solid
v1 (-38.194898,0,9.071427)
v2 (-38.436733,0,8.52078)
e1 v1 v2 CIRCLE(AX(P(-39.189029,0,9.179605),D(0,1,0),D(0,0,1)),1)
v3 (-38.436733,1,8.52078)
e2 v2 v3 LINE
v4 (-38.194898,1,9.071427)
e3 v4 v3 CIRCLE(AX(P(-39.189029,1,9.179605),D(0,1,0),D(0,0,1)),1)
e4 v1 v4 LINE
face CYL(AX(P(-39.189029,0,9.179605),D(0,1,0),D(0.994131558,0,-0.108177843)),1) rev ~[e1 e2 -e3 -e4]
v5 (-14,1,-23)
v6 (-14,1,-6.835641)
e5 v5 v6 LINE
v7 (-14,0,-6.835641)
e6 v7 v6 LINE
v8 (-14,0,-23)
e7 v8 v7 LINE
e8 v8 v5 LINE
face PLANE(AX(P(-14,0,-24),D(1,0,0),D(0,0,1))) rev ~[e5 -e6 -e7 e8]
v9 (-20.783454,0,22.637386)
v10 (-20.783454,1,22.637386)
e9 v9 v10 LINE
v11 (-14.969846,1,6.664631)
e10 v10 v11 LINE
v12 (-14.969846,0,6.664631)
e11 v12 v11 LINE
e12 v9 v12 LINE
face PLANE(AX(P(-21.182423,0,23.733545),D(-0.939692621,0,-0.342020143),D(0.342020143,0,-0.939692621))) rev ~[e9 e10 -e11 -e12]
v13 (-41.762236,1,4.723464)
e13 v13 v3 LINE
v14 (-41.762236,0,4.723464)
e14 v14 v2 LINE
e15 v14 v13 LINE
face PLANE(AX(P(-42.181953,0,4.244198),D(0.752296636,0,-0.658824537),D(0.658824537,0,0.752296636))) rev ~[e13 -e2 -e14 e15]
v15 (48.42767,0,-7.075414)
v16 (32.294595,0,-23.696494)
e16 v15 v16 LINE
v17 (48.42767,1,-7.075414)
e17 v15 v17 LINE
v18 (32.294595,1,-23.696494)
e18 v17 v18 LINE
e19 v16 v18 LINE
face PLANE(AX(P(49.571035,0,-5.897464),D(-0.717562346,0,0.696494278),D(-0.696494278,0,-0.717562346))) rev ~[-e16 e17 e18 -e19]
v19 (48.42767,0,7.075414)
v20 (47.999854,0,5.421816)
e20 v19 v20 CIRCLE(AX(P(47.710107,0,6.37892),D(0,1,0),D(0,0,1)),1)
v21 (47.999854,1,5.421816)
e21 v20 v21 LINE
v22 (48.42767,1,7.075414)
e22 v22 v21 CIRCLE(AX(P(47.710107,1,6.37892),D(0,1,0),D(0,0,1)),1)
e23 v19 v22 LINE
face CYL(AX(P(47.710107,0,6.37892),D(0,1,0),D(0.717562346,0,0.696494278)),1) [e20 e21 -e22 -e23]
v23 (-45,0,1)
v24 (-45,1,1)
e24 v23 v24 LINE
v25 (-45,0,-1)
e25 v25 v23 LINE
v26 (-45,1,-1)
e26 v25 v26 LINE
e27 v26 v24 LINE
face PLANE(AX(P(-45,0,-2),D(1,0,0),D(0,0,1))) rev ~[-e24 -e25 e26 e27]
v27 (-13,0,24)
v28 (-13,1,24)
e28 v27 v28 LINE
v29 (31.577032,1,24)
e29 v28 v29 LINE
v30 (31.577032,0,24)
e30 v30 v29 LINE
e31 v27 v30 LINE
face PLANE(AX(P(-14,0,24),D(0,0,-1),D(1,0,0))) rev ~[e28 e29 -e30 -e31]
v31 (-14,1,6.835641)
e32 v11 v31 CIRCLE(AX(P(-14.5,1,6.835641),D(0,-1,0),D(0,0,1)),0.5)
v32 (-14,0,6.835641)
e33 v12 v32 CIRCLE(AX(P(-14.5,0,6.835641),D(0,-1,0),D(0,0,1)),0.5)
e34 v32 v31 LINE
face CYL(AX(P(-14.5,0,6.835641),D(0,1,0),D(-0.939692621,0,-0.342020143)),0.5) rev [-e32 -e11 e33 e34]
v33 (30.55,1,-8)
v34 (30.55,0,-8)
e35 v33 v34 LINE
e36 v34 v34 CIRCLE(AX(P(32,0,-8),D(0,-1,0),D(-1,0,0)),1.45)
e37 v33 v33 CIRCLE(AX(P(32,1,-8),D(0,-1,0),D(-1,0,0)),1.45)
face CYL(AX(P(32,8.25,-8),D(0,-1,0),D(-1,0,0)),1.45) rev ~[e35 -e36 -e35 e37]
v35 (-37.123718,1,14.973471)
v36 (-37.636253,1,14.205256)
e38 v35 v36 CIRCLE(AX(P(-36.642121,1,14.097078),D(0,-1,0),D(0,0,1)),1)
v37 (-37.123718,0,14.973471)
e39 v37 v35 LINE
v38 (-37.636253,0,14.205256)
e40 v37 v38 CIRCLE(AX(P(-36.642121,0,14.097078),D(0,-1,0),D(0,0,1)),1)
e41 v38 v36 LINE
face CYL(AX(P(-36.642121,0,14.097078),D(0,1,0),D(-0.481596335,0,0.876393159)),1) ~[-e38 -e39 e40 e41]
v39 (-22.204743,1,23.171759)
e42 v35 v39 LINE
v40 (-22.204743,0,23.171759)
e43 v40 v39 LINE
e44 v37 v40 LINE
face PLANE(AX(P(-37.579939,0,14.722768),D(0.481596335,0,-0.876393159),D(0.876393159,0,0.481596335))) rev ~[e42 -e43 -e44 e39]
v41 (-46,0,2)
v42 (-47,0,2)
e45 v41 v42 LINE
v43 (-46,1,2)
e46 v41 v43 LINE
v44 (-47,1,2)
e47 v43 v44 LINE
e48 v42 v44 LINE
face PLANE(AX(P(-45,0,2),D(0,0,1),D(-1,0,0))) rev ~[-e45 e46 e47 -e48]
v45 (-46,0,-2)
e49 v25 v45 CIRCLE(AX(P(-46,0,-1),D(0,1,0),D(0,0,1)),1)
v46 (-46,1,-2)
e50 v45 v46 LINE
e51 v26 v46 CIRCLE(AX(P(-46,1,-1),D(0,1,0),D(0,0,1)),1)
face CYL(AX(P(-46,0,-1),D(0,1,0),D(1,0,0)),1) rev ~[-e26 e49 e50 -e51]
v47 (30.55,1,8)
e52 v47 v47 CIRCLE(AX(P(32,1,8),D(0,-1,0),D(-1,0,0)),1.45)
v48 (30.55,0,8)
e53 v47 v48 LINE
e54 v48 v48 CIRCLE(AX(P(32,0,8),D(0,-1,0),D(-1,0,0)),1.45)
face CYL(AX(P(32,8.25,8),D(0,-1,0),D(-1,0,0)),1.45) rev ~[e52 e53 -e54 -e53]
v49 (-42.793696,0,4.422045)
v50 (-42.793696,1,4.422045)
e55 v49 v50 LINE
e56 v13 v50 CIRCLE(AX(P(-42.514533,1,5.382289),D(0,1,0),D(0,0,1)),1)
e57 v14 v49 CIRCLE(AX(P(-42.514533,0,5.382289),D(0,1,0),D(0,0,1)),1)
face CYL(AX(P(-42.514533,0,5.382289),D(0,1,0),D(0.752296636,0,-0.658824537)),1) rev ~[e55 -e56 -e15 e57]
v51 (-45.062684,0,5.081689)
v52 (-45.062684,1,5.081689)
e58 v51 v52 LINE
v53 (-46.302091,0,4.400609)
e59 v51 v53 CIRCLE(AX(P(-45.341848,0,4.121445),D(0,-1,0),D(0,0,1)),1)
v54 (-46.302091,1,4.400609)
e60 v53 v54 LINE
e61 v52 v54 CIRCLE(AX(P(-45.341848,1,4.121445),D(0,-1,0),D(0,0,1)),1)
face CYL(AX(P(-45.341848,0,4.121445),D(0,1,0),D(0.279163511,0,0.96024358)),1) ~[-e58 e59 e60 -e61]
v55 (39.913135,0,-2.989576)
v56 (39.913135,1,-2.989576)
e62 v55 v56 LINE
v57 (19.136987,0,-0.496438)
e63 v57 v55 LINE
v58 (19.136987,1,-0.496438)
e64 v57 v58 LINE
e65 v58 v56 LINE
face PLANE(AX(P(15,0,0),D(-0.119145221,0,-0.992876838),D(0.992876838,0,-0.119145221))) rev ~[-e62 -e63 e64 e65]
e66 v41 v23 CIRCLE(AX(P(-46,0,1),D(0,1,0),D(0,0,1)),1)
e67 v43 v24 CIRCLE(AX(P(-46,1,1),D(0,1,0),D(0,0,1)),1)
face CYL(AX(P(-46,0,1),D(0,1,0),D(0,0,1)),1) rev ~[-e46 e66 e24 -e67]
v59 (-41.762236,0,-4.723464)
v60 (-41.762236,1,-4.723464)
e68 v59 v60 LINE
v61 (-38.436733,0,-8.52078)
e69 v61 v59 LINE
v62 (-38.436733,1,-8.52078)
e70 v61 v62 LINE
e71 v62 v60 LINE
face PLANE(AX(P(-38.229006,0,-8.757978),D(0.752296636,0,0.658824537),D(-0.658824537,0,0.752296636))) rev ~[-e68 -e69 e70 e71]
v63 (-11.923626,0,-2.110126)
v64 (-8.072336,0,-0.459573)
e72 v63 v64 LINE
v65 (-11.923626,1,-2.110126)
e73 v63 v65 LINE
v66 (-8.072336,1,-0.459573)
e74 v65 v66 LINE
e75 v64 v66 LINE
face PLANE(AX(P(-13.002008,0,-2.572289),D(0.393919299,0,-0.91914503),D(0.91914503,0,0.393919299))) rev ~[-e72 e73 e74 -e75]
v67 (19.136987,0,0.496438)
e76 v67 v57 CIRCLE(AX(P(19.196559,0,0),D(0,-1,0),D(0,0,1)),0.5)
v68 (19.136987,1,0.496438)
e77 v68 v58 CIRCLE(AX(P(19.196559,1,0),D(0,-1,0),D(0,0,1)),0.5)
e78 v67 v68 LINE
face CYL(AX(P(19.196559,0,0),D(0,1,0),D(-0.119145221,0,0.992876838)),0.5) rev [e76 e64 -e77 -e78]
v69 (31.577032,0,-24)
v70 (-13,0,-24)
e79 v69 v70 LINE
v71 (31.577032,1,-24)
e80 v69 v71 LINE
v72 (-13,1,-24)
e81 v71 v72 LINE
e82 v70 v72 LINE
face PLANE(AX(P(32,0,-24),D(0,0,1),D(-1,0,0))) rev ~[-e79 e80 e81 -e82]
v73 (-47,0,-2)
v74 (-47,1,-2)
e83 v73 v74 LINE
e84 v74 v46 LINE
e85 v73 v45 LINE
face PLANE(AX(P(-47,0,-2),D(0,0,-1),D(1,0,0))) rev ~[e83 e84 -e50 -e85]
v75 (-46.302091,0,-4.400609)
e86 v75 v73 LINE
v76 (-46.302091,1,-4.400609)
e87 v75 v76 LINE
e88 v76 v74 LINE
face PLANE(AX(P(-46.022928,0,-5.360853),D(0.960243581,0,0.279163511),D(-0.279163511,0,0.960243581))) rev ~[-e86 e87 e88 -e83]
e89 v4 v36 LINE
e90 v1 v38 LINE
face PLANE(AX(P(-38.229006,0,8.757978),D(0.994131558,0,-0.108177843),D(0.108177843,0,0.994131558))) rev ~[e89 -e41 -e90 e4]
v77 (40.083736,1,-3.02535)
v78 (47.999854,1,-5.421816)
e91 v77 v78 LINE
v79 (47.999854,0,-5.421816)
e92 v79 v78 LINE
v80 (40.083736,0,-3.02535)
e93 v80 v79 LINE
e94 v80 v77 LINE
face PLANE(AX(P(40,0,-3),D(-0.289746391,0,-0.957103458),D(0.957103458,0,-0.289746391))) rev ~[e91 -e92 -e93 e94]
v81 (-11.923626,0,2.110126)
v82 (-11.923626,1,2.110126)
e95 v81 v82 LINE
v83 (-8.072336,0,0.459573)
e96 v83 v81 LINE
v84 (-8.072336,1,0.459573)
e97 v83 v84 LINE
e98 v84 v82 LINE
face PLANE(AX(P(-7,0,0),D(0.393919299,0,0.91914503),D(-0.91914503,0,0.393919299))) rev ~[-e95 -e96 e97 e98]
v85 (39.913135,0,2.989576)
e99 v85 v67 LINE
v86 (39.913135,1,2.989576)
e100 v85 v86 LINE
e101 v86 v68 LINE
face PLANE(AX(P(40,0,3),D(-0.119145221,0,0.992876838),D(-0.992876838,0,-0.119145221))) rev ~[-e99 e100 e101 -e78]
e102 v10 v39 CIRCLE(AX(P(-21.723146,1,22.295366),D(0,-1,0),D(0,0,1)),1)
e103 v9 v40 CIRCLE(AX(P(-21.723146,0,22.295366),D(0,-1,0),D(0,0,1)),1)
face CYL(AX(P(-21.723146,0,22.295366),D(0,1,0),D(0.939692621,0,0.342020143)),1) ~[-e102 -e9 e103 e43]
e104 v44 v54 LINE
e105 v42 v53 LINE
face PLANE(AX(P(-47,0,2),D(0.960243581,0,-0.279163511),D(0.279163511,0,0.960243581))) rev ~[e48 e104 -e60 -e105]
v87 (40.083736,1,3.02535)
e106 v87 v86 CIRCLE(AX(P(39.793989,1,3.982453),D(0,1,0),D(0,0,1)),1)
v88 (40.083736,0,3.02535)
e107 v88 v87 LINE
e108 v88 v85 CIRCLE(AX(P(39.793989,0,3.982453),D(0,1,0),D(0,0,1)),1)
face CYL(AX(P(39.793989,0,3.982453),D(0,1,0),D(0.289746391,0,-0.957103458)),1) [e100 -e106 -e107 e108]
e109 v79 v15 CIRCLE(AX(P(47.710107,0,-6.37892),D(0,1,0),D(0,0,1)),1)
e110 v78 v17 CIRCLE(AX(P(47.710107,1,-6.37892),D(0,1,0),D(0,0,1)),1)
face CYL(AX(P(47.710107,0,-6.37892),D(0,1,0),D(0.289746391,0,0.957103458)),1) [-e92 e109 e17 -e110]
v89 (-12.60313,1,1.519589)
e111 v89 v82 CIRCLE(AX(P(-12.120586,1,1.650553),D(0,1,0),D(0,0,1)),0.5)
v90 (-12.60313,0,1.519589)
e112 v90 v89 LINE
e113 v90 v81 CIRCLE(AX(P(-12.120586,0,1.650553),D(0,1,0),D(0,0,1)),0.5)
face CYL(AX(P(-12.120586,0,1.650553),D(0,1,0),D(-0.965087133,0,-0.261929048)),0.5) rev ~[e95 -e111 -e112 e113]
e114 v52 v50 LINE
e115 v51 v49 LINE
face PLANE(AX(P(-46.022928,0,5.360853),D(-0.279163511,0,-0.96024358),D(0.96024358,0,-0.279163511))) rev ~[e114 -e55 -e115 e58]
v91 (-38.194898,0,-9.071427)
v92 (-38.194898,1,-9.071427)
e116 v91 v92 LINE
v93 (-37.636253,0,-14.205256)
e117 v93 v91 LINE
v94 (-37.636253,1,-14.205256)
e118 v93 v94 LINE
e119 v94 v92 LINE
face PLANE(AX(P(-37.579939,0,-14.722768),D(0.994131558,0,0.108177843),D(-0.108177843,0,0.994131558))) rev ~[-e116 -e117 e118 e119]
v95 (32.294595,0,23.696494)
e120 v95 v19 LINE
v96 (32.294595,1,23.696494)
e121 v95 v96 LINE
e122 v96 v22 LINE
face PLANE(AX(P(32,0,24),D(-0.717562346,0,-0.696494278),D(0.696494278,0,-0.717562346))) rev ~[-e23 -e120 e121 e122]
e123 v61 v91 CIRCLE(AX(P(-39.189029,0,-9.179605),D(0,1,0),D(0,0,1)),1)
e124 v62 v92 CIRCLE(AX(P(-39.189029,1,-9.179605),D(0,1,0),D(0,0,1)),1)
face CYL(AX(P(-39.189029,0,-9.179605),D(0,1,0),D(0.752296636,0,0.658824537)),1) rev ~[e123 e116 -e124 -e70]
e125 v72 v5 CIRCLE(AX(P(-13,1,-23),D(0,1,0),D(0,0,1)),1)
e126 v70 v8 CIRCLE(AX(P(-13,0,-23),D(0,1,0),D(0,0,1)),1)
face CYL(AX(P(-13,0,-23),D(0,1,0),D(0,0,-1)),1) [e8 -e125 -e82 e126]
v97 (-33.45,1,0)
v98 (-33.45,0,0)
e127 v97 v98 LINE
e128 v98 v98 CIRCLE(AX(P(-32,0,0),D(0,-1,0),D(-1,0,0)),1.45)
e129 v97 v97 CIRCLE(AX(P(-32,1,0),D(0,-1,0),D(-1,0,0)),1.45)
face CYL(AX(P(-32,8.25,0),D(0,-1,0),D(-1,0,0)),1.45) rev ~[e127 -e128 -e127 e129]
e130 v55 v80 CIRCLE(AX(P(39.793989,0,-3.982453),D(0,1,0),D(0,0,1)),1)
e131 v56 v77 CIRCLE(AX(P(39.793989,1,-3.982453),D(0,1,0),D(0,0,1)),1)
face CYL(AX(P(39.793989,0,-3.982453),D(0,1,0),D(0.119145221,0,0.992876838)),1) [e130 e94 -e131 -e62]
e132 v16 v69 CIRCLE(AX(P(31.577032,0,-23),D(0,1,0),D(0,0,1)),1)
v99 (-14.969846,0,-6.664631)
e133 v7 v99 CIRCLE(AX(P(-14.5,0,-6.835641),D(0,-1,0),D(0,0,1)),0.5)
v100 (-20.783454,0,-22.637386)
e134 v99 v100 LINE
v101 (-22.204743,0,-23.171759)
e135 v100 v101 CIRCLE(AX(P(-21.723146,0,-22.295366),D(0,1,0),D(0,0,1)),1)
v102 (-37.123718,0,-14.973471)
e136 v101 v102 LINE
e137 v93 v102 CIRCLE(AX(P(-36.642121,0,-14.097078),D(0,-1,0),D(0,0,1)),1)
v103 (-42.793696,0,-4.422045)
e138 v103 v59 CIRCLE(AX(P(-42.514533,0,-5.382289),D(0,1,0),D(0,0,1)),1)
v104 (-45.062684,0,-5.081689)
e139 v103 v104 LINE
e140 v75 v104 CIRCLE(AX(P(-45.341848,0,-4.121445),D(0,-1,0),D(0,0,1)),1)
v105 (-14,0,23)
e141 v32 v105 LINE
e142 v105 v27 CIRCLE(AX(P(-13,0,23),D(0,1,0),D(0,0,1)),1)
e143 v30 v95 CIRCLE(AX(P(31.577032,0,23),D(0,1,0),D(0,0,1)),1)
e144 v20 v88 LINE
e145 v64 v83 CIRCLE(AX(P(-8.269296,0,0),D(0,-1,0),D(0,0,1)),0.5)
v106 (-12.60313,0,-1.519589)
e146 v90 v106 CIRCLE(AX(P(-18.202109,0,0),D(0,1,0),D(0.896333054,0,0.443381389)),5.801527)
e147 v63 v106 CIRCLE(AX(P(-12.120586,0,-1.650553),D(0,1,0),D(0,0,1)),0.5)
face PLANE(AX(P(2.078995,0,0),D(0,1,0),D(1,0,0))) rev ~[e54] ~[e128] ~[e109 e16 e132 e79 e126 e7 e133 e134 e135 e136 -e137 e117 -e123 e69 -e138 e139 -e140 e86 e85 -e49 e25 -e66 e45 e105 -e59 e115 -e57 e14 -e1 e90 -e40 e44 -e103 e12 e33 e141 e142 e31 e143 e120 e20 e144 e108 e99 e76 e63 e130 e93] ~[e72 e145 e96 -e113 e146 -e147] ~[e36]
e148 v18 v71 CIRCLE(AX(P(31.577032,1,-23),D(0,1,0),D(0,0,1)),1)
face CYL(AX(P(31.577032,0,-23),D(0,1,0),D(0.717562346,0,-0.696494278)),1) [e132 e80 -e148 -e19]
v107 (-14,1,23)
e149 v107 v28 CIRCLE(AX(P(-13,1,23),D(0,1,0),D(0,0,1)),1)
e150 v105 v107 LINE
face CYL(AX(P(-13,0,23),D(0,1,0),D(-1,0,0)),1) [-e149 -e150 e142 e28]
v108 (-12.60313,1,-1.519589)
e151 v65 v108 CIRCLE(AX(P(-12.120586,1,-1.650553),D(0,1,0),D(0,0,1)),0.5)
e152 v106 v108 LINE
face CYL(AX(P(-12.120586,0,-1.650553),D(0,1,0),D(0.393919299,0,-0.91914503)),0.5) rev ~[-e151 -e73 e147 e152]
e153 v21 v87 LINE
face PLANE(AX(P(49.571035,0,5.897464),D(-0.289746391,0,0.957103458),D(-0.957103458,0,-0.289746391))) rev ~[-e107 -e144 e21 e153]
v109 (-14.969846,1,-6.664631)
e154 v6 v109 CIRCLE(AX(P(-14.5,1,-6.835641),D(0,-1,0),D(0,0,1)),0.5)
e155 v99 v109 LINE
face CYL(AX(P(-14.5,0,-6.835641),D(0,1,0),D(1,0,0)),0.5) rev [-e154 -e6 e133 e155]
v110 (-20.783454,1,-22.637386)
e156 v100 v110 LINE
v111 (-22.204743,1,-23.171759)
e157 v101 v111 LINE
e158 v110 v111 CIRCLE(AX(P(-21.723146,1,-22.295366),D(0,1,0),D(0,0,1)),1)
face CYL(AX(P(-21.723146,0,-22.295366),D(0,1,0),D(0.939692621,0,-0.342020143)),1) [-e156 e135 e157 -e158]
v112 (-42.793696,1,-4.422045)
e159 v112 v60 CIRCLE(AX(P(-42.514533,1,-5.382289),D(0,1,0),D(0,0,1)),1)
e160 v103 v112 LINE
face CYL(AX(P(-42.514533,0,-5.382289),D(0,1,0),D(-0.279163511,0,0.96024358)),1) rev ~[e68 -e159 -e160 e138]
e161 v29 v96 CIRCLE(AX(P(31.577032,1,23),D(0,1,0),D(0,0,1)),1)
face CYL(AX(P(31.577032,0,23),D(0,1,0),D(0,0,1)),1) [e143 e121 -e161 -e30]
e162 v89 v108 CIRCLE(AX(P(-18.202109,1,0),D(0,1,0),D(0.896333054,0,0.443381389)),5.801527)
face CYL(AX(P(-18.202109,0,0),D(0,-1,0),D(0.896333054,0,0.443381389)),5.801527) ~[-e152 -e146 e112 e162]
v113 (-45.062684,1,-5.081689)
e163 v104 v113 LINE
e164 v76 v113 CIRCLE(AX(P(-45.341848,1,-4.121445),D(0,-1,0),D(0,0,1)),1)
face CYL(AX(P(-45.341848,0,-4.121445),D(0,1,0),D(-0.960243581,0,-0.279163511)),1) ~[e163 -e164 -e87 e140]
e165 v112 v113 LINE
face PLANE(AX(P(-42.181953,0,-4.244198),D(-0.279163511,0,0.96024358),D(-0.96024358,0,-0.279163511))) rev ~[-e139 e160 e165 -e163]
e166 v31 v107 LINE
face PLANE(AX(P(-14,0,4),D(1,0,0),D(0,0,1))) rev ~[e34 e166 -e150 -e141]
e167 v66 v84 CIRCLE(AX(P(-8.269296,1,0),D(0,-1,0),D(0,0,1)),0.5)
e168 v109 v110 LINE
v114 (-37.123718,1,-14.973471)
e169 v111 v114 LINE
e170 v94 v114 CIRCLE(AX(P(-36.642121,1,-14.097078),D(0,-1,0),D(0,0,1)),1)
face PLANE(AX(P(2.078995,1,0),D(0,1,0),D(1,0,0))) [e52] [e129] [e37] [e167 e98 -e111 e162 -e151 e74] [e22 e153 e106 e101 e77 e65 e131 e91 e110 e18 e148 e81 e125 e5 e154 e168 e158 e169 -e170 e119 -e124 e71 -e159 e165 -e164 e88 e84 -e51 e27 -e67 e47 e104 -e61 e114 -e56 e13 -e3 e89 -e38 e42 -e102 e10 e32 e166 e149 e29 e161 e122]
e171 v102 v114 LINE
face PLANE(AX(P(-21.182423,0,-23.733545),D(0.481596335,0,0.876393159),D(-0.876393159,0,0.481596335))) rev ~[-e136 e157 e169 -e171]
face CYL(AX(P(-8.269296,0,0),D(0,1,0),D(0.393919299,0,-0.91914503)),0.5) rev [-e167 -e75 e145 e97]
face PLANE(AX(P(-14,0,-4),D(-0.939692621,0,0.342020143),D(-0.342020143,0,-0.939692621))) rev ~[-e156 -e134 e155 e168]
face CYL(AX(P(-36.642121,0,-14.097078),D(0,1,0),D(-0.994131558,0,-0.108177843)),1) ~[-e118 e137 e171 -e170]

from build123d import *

# Parameters (mm, degrees)
BOSS_EXTRUDE2_DEPTH        = 1
FILLET1_R                  = 1
FILLET2_R                  = 0.5
M2_5_CLEARANCE_HOLE1_D     = 2.9
M2_5_CLEARANCE_HOLE1_DEPTH = 7.25
M2_5_CLEARANCE_HOLE1_TIP   = 0.871247898


with BuildPart() as part:
    # Sketch6 → Boss-Extrude2 (new body)
    with BuildSketch(Plane(origin=(0, 0, 0), x_dir=(1, 0, 0), z_dir=(0, 1, 0))):
        Polygon((-21.18242301, -23.733545037), (-14, -4), (-14, -24), (32, -24), (49.571034579, -5.897463907), (40, -3), (15, 0), (40, 3), (49.571034579, 5.897463907), (32, 24), (-14, 24), (-14, 4), (-21.18242301, 23.733545037), (-37.579939109, 14.722767652), (-38.229006165, 8.757978304), (-42.181953388, 4.244198486), (-46.02292771, 5.360852532), (-47, 2), (-45, 2), (-45, -2), (-47, -2), (-46.02292771, -5.360852532), (-42.181953388, -4.244198486), (-38.229006165, -8.757978304), (-37.579939109, -14.722767652), align=None)
        with BuildLine():
            Line((-7, 0), (-13.002008181, -2.57228922))
            ThreePointArc((-13.002008181, -2.57228922), (-12.400581568, 0), (-13.002008181, 2.57228922))
            Line((-13.002008181, 2.57228922), (-7, 0))
        make_face(mode=Mode.SUBTRACT)
    extrude(amount=BOSS_EXTRUDE2_DEPTH)

    # Fillet1
    fillet1_edges = [part.edges().sort_by_distance(p)[0] for p in [
        (-14, 0.5, -24),
        (32, 0.5, -24),
        (49.571034579, 0.5, -5.897463907),
        (40, 0.5, -3),
        (40, 0.5, 3),
        (49.571034579, 0.5, 5.897463907),
        (32, 0.5, 24),
        (-14, 0.5, 24),
        (-21.18242301, 0.5, 23.733545037),
        (-37.579939109, 0.5, 14.722767652),
        (-38.229006165, 0.5, 8.757978304),
        (-42.181953388, 0.5, 4.244198486),
        (-46.02292771, 0.5, 5.360852532),
        (-45, 0.5, 2),
        (-21.18242301, 0.5, -23.733545037),
        (-37.579939109, 0.5, -14.722767652),
        (-38.229006165, 0.5, -8.757978304),
        (-42.181953388, 0.5, -4.244198486),
        (-46.02292771, 0.5, -5.360852532),
        (-45, 0.5, -2),
    ]]
    fillet(fillet1_edges, radius=FILLET1_R)

    # Fillet2
    fillet2_edges = [part.edges().sort_by_distance(p)[0] for p in [
        (-7, 0.5, 0),
        (-13.002008181, 0.5, -2.57228922),
        (-14, 0.5, -4),
        (15, 0.5, 0),
        (-14, 0.5, 4),
        (-13.002008181, 0.5, 2.57228922),
    ]]
    fillet(fillet2_edges, radius=FILLET2_R)

    # M2.5 Clearance Hole1
    with Locations(Plane(origin=(0, 1, 0), x_dir=(1, 0, 0), z_dir=(0, 1, 0))):
        with Locations((-32, 0), (32, 8), (32, -8)):
            Hole(M2_5_CLEARANCE_HOLE1_D / 2, depth=M2_5_CLEARANCE_HOLE1_DEPTH)
            with Locations((0, 0, -(M2_5_CLEARANCE_HOLE1_DEPTH + M2_5_CLEARANCE_HOLE1_TIP / 2))):  # 118° drill point
                Cone(0, M2_5_CLEARANCE_HOLE1_D / 2, M2_5_CLEARANCE_HOLE1_TIP, mode=Mode.SUBTRACT)


solid = part.part
